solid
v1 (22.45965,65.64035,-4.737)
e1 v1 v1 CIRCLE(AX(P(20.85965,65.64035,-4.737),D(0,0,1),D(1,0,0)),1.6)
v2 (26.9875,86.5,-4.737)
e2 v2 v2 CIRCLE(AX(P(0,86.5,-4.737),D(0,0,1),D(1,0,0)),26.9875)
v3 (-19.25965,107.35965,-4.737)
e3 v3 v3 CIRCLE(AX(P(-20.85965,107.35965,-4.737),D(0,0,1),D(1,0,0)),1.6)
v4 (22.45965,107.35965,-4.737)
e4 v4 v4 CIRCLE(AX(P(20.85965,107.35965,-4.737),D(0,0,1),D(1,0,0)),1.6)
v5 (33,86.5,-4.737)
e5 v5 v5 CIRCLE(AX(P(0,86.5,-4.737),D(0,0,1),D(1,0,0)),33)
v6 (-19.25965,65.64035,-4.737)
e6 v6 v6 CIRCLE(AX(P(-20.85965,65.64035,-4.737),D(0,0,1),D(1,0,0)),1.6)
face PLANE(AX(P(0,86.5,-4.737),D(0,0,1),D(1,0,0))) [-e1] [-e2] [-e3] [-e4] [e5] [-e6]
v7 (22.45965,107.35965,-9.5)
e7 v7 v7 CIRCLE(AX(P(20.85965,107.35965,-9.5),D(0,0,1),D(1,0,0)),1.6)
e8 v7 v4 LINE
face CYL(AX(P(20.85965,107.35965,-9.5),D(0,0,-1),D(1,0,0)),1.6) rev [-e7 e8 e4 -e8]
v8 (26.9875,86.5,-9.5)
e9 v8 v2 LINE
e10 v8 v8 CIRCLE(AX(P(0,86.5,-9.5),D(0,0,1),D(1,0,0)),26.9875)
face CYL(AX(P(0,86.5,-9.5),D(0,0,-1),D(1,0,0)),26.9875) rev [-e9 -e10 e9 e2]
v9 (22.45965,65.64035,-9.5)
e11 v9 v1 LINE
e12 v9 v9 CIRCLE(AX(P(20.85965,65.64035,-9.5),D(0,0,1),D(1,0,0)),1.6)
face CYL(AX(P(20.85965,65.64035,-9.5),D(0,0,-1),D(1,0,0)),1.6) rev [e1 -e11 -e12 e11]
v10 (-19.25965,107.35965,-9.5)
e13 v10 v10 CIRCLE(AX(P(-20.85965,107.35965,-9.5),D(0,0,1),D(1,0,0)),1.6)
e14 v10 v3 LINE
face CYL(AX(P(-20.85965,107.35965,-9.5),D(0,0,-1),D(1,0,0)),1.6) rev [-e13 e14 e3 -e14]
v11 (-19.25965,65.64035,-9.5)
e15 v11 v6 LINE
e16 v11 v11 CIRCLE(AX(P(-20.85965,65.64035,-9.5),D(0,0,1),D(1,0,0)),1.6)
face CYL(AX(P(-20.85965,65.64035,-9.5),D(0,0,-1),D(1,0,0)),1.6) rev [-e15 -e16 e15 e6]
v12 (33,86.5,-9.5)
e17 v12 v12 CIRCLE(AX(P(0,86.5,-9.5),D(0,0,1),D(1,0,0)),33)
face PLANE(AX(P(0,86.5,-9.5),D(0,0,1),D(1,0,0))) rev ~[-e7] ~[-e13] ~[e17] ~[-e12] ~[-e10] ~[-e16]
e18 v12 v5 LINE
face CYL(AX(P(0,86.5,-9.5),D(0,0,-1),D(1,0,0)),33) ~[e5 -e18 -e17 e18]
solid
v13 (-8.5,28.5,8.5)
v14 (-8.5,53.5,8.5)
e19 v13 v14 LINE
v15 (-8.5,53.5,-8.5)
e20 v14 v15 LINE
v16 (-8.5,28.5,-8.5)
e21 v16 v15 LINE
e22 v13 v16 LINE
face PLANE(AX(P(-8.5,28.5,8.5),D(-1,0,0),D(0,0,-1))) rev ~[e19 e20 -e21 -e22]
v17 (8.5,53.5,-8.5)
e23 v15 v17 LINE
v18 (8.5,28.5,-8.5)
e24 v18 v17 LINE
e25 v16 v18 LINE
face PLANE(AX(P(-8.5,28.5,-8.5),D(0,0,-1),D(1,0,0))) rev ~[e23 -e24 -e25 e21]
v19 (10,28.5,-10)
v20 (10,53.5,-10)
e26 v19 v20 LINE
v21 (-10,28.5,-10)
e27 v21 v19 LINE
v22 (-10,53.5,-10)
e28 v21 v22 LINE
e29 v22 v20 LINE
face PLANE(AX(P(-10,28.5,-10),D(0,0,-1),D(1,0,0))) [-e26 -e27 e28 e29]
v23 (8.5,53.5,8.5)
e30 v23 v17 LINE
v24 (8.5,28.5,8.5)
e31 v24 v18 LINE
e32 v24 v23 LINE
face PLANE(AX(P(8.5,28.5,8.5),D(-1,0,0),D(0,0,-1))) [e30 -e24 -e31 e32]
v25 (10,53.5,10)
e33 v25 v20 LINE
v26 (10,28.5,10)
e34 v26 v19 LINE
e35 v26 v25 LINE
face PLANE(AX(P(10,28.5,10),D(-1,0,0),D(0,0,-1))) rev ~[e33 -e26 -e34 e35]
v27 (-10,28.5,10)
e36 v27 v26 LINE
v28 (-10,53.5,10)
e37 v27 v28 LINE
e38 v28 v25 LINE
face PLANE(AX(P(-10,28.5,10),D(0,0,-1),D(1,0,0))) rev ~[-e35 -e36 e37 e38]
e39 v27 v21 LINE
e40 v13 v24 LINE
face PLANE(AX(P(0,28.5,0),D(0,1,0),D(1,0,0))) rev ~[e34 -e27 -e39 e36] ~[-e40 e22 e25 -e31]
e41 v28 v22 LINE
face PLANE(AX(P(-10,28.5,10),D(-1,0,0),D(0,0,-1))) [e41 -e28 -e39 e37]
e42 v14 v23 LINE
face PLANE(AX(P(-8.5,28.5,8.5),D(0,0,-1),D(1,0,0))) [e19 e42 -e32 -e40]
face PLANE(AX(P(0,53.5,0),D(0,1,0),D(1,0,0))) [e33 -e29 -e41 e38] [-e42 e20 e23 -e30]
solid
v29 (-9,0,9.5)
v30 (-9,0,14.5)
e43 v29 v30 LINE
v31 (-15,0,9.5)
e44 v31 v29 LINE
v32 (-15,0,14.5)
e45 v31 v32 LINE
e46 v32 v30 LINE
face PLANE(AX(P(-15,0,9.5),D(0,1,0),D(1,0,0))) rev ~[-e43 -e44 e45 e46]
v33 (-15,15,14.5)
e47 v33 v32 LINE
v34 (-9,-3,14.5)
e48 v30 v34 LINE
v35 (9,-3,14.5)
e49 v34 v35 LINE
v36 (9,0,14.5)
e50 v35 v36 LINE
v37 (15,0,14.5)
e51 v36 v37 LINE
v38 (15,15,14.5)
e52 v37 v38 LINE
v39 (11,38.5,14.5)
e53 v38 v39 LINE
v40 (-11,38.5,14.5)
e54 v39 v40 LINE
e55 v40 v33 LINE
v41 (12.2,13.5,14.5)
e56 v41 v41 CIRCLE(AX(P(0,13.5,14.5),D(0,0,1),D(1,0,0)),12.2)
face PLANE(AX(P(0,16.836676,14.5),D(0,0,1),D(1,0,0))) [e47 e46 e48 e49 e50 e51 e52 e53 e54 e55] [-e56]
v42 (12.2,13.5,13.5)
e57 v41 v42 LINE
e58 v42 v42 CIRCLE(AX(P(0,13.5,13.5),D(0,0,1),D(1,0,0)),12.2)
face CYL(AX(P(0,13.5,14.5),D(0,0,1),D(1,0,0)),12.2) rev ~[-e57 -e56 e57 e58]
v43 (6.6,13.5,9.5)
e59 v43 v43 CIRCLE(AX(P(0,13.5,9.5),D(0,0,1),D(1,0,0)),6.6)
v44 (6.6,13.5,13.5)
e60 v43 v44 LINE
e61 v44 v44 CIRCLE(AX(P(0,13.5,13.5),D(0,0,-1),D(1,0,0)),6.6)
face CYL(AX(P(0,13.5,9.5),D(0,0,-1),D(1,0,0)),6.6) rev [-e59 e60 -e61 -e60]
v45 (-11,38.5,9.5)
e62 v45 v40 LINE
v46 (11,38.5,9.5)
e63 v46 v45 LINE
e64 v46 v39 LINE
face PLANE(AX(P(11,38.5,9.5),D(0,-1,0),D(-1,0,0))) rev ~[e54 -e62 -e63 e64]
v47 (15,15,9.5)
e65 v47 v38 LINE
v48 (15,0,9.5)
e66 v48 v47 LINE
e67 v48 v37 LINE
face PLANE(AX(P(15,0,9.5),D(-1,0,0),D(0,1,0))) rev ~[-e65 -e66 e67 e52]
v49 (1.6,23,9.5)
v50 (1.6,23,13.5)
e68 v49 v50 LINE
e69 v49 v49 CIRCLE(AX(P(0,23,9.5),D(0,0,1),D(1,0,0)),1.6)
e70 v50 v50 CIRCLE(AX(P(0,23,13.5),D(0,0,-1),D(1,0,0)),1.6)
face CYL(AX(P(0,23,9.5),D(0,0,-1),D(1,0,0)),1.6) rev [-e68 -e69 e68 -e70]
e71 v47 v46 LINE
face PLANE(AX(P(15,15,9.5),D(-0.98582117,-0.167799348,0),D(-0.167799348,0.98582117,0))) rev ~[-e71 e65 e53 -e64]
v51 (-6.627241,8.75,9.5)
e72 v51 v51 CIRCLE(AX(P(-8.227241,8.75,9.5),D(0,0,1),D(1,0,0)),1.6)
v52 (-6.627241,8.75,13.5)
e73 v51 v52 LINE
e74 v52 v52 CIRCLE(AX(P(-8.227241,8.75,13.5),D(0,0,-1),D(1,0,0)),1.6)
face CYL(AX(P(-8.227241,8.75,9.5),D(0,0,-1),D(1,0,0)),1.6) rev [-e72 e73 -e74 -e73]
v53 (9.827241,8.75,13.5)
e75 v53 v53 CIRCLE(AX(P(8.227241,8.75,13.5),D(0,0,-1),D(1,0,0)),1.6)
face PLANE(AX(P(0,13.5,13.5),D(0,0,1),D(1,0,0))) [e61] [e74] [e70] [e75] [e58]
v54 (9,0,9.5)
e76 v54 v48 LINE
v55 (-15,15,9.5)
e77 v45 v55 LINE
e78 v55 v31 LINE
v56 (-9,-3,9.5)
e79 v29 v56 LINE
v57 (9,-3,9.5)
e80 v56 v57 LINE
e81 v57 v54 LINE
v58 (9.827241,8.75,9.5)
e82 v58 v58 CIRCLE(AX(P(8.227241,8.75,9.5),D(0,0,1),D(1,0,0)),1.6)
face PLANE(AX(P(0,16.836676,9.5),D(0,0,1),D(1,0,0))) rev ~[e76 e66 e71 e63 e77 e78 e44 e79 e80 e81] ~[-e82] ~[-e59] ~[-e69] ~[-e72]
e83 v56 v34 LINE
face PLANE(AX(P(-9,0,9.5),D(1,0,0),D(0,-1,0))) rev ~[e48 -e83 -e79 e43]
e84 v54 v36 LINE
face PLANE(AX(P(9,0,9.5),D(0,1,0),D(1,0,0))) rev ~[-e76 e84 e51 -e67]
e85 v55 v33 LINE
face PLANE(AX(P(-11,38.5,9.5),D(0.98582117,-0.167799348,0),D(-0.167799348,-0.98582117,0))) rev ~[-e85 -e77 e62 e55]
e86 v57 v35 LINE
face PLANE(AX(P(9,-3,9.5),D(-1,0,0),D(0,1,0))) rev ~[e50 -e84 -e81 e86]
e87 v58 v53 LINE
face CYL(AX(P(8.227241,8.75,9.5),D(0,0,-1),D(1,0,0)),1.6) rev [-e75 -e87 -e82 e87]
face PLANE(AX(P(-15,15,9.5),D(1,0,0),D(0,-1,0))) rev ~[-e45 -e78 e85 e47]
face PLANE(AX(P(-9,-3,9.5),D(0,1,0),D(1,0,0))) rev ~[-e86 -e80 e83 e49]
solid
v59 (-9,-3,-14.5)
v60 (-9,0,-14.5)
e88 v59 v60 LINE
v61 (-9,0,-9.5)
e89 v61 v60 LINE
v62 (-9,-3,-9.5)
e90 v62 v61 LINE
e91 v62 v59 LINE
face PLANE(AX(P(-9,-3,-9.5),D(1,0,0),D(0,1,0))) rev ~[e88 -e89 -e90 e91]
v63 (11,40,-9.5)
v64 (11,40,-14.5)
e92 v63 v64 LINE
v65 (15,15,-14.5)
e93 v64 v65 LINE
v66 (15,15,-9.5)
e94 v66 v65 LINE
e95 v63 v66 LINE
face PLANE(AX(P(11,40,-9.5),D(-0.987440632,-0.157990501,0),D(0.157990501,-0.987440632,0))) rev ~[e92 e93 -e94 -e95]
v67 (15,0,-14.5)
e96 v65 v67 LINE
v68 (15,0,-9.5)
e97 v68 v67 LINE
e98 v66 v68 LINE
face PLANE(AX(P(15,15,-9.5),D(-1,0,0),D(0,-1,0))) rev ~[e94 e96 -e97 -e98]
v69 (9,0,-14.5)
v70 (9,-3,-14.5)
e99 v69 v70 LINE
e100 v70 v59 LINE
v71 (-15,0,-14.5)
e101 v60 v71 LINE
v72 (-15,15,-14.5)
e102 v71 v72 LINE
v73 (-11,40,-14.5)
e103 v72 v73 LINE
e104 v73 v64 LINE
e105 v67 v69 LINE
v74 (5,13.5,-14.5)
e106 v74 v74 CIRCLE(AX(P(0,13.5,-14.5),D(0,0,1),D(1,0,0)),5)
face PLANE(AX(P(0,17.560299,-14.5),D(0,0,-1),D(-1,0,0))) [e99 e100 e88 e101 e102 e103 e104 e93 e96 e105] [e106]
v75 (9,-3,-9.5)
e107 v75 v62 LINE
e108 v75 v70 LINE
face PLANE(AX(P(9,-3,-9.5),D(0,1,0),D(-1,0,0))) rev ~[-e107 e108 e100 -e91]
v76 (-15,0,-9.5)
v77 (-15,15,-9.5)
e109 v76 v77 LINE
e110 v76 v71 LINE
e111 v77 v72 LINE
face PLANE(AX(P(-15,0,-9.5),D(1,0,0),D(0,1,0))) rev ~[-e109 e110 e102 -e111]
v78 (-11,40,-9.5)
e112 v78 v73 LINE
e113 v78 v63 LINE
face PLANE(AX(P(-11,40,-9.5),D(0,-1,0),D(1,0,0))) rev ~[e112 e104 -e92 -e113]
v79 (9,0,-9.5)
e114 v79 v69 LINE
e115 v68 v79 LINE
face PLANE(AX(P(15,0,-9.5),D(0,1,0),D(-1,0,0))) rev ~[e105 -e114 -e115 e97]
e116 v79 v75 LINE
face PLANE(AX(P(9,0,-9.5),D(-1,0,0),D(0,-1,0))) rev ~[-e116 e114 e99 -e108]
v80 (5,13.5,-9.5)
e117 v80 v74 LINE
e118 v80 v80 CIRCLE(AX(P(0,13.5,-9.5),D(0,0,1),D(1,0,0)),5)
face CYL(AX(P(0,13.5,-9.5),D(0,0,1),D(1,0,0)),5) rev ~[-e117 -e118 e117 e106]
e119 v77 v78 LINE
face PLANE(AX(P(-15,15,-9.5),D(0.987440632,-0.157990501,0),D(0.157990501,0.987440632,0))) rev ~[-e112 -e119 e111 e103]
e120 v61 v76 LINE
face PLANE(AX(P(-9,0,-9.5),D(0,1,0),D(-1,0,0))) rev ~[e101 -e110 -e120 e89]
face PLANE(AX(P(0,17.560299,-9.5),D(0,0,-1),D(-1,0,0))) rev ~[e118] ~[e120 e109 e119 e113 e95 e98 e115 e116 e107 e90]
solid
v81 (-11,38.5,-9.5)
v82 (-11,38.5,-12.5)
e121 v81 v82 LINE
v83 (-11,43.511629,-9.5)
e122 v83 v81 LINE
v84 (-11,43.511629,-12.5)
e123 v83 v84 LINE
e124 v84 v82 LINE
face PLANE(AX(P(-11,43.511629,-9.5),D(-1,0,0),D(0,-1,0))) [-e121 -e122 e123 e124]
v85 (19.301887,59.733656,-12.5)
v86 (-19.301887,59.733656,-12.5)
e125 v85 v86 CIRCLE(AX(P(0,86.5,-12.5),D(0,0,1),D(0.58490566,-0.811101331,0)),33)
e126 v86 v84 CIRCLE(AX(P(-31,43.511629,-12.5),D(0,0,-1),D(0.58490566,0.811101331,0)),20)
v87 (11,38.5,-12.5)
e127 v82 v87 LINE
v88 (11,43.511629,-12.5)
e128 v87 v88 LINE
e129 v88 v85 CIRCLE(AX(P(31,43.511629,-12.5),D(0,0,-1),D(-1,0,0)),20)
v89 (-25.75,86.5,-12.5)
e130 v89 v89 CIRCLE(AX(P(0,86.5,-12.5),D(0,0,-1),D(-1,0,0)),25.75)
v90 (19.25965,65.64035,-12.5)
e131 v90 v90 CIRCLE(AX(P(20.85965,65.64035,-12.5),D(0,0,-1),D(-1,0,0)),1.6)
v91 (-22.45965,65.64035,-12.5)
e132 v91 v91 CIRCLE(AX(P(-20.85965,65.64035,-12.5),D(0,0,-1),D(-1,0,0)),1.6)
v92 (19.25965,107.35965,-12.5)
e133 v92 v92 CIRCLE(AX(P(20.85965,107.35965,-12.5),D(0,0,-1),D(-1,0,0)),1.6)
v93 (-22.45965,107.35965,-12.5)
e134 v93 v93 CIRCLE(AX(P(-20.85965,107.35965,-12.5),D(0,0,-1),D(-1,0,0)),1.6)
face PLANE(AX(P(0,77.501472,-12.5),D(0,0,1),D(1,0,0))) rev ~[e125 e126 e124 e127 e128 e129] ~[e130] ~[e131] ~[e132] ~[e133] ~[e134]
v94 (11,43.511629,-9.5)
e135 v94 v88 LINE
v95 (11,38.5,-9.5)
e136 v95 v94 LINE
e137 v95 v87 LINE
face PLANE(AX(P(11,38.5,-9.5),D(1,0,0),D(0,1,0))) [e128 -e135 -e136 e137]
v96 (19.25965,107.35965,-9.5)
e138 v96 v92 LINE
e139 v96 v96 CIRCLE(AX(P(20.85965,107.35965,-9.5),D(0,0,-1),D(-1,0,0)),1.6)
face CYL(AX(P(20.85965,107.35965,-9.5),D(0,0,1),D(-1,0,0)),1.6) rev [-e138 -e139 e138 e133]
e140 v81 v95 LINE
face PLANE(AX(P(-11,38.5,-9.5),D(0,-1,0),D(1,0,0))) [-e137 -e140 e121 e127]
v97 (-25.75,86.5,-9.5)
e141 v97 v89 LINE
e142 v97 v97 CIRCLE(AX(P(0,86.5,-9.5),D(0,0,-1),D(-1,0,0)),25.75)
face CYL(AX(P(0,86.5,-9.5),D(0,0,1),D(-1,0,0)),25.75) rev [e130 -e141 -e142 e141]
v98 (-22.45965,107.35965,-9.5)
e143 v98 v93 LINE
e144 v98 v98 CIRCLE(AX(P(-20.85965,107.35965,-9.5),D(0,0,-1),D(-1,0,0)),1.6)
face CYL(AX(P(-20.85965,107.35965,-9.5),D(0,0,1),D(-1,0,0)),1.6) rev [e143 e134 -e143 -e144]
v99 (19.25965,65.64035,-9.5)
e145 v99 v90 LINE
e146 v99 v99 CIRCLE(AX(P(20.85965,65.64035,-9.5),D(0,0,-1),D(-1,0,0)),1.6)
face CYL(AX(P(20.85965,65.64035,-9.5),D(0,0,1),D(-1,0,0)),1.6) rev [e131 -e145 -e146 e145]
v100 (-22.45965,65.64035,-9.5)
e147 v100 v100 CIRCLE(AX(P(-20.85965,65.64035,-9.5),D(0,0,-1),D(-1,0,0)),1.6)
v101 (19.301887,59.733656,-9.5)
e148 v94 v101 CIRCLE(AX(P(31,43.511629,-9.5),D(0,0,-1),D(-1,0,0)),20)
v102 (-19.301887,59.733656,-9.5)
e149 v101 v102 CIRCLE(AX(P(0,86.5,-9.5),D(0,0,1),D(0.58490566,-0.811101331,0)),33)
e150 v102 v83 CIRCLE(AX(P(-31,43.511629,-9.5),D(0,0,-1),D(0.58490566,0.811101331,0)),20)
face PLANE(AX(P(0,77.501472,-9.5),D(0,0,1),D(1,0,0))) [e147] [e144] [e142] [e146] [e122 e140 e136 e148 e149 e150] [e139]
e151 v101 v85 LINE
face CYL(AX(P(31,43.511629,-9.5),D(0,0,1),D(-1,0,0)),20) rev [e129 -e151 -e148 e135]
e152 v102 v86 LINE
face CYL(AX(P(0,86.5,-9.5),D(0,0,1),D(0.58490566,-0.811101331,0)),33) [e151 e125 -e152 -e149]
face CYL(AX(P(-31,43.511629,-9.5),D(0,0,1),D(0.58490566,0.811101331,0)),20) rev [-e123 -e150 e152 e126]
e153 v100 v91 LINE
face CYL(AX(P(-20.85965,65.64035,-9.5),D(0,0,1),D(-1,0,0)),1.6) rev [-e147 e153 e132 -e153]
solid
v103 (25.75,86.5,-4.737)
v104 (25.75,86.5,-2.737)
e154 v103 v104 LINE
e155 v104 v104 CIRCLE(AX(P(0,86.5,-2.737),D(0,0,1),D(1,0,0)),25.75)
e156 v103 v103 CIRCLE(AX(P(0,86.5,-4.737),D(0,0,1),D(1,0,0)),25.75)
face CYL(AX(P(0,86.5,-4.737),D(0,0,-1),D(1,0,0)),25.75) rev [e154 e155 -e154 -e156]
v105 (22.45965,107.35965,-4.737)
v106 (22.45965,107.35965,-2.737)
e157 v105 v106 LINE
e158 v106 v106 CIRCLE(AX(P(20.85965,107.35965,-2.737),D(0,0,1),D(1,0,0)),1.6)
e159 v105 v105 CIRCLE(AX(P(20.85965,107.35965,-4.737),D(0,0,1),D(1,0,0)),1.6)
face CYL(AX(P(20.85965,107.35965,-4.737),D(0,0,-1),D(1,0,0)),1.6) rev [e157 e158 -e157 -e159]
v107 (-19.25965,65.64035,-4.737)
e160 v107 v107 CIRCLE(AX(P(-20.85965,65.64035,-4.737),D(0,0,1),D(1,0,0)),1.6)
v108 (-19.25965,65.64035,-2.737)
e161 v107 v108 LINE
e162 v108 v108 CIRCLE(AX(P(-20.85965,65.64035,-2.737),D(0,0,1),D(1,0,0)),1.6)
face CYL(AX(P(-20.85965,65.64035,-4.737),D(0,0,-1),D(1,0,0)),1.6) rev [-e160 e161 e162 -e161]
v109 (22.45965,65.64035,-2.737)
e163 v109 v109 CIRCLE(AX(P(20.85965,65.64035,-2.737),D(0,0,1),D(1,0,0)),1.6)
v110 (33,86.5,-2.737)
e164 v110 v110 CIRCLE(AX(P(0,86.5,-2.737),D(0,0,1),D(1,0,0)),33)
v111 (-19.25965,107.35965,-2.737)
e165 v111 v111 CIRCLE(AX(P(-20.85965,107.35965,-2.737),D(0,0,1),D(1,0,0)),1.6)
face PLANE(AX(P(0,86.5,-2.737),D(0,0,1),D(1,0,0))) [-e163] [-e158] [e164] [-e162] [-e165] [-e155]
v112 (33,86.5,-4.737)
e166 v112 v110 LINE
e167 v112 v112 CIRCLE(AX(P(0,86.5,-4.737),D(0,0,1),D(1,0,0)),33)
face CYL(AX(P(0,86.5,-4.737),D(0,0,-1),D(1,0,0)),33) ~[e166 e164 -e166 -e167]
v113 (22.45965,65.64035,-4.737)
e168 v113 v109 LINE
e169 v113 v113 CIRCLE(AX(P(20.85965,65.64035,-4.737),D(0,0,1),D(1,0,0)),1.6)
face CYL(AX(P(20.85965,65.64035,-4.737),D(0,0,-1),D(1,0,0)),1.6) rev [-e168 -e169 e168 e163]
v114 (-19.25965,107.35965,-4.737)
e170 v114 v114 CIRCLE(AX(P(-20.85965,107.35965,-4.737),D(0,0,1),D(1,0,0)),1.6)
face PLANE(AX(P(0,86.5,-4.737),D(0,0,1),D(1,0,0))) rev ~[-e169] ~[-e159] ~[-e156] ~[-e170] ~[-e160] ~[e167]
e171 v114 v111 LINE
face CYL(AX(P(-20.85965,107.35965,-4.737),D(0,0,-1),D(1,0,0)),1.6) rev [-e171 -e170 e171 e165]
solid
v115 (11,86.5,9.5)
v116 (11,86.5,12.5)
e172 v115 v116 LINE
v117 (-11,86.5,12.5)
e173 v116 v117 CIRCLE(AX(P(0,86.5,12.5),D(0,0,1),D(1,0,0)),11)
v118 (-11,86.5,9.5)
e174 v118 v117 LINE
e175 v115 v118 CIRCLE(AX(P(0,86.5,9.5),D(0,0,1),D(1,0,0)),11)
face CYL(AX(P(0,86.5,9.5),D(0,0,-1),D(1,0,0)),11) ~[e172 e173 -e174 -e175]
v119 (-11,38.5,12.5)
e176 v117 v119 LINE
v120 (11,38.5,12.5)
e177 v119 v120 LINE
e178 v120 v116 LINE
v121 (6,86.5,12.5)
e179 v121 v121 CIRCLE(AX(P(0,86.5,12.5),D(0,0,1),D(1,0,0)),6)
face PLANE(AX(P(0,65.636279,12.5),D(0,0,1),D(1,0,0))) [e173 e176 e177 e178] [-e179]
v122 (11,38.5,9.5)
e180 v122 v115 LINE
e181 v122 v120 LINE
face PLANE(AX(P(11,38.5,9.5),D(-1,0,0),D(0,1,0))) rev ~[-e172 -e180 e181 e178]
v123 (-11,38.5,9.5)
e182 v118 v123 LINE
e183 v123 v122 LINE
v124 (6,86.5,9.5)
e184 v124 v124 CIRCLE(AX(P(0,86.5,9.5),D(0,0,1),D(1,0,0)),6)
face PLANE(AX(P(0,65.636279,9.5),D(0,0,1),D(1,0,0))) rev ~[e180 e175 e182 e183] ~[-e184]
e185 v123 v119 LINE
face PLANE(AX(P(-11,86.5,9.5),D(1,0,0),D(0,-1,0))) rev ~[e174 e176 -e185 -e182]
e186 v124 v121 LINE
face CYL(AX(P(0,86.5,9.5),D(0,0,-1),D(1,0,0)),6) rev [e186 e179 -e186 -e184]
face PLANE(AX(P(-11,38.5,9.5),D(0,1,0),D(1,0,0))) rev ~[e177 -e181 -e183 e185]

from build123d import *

# Parameters (mm, degrees)
SKETCH_4_R           = 6.6
SKETCH_4_R_2         = 1.6
EXTRUDE_1_DEPTH      = 5
SKETCH_7_R           = 5
EXTRUDE_2_DEPTH      = 5
EXTRUDE_3_DEPTH      = 15
EXTRUDE_3_DEPTH_BACK = 10
SKETCH_8_W           = 20
SKETCH_8_H           = 20
SKETCH_8_W_2         = 17
SKETCH_8_H_2         = 17
EXTRUDE_4_DEPTH      = 2.5
EXTRUDE_4_DEPTH_BACK = 0.5
SKETCH_9_R           = 25.75
SKETCH_9_R_2         = 1.6
SKETCH_10_R          = 33
SKETCH_10_R_2        = 26.9875
SKETCH_10_R_3        = 1.6
EXTRUDE_5_DEPTH      = 4.763
SKETCH_11_R          = 33
SKETCH_11_R_2        = 25.75
SKETCH_11_R_3        = 1.6
EXTRUDE_6_DEPTH      = 2
SKETCH_12_R          = 12.2
CUT_EXTRUDE_1_DEPTH  = 1
EXTRUDE_7_DEPTH      = 2.5
EXTRUDE_7_DEPTH_BACK = 0.5
SKETCH_13_R          = 6


with BuildPart() as part:
    # ｽｹｯﾁ4 → ﾎﾞｽ - 押し出し1 (new body)
    with BuildSketch(Plane.XY.offset(9.5)):
        Polygon((-15, 0), (-9, 0), (-9, -3), (9, -3), (9, 0), (15, 0), (15, 15), (11, 38.5), (-11, 38.5), (-15, 15), align=None)
        with Locations((0, 13.5)):
            Circle(SKETCH_4_R, mode=Mode.SUBTRACT)
        with Locations((0, 23)):
            Circle(SKETCH_4_R_2, mode=Mode.SUBTRACT)
        with Locations((8.227241336, 8.75)):
            Circle(SKETCH_4_R_2, mode=Mode.SUBTRACT)
        with Locations((-8.227241336, 8.75)):
            Circle(SKETCH_4_R_2, mode=Mode.SUBTRACT)
    extrude(amount=EXTRUDE_1_DEPTH)

    # ｽｹｯﾁ12 → ｶｯﾄ - 押し出し1 (cut)
    with BuildSketch(Plane.XY.offset(14.5)):
        with Locations((0, 13.5)):
            Circle(SKETCH_12_R)
    extrude(amount=-CUT_EXTRUDE_1_DEPTH, mode=Mode.SUBTRACT)


with BuildPart() as body_2:
    # ｽｹｯﾁ7 → ﾎﾞｽ - 押し出し2 (new body)
    with BuildSketch(Plane.XY.offset(-9.5)):
        Polygon((15, 0), (9, 0), (9, -3), (-9, -3), (-9, 0), (-15, 0), (-15, 15), (-11, 40), (11, 40), (15, 15), align=None)
        with Locations((0, 13.5)):
            Circle(SKETCH_7_R, mode=Mode.SUBTRACT)
    extrude(amount=-EXTRUDE_2_DEPTH)


with BuildPart() as body_3:
    # ｽｹｯﾁ8 → ﾎﾞｽ - 押し出し3 (new, two sides: drawn at the far end of the back side and taken through both)
    with BuildSketch(Plane(origin=(0, 38.5, 0), x_dir=(1, 0, 0), z_dir=(0, 1, 0)).offset(-EXTRUDE_3_DEPTH_BACK)):
        Rectangle(SKETCH_8_W, SKETCH_8_H)
        Rectangle(SKETCH_8_W_2, SKETCH_8_H_2, mode=Mode.SUBTRACT)
    extrude(amount=EXTRUDE_3_DEPTH + EXTRUDE_3_DEPTH_BACK)


with BuildPart() as body_4:
    # ｽｹｯﾁ9 → ﾎﾞｽ - 押し出し4 (new, two sides: drawn at the far end of the back side and taken through both)
    with BuildSketch(Plane(origin=(0, 0, -10), x_dir=(-1, 0, 0), z_dir=(0, 0, -1)).offset(-EXTRUDE_4_DEPTH_BACK)):
        with BuildLine():
            Line((-11, 38.5), (-11, 43.51162948))
            ThreePointArc((-11, 43.51162948), (-13.196036057, 52.623098512), (-19.301886792, 59.733656091))
            ThreePointArc((-19.301886792, 59.733656091), (0, 119.5), (19.301886792, 59.733656091))
            ThreePointArc((19.301886792, 59.733656091), (13.196036057, 52.623098512), (11, 43.51162948))
            Line((11, 43.51162948), (11, 38.5))
            Line((11, 38.5), (-11, 38.5))
        make_face()
        with Locations((0, 86.5)):
            Circle(SKETCH_9_R, mode=Mode.SUBTRACT)
        with Locations((-20.859650045, 107.359650045)):
            Circle(SKETCH_9_R_2, mode=Mode.SUBTRACT)
        with Locations((20.859650045, 107.359650045)):
            Circle(SKETCH_9_R_2, mode=Mode.SUBTRACT)
        with Locations((20.859650045, 65.640349955)):
            Circle(SKETCH_9_R_2, mode=Mode.SUBTRACT)
        with Locations((-20.859650045, 65.640349955)):
            Circle(SKETCH_9_R_2, mode=Mode.SUBTRACT)
    extrude(amount=EXTRUDE_4_DEPTH + EXTRUDE_4_DEPTH_BACK)


with BuildPart() as body_5:
    # ｽｹｯﾁ10 → ﾎﾞｽ - 押し出し5 (new body)
    with BuildSketch(Plane.XY.offset(-9.5)):
        with Locations((0, 86.5)):
            Circle(SKETCH_10_R)
        with Locations((0, 86.5)):
            Circle(SKETCH_10_R_2, mode=Mode.SUBTRACT)
        with Locations((-20.859650045, 65.640349955)):
            Circle(SKETCH_10_R_3, mode=Mode.SUBTRACT)
        with Locations((20.859650045, 65.640349955)):
            Circle(SKETCH_10_R_3, mode=Mode.SUBTRACT)
        with Locations((20.859650045, 107.359650045)):
            Circle(SKETCH_10_R_3, mode=Mode.SUBTRACT)
        with Locations((-20.859650045, 107.359650045)):
            Circle(SKETCH_10_R_3, mode=Mode.SUBTRACT)
    extrude(amount=EXTRUDE_5_DEPTH)


with BuildPart() as body_6:
    # ｽｹｯﾁ11 → ﾎﾞｽ - 押し出し6 (new body)
    with BuildSketch(Plane.XY.offset(-4.737)):
        with Locations((0, 86.5)):
            Circle(SKETCH_11_R)
        with Locations((0, 86.5)):
            Circle(SKETCH_11_R_2, mode=Mode.SUBTRACT)
        with Locations((20.859650045, 65.640349955)):
            Circle(SKETCH_11_R_3, mode=Mode.SUBTRACT)
        with Locations((-20.859650045, 65.640349955)):
            Circle(SKETCH_11_R_3, mode=Mode.SUBTRACT)
        with Locations((-20.859650045, 107.359650045)):
            Circle(SKETCH_11_R_3, mode=Mode.SUBTRACT)
        with Locations((20.859650045, 107.359650045)):
            Circle(SKETCH_11_R_3, mode=Mode.SUBTRACT)
    extrude(amount=EXTRUDE_6_DEPTH)


with BuildPart() as body_7:
    # ｽｹｯﾁ13 → ﾎﾞｽ - 押し出し7 (new, two sides: drawn at the far end of the back side and taken through both)
    with BuildSketch(Plane.XY.offset(10).offset(-EXTRUDE_7_DEPTH_BACK)):
        with BuildLine():
            Line((-11, 38.5), (11, 38.5))
            Line((11, 38.5), (11, 86.5))
            ThreePointArc((11, 86.5), (0, 97.5), (-11, 86.5))
            Line((-11, 86.5), (-11, 38.5))
        make_face()
        with Locations((0, 86.5)):
            Circle(SKETCH_13_R, mode=Mode.SUBTRACT)
    extrude(amount=EXTRUDE_7_DEPTH + EXTRUDE_7_DEPTH_BACK)


solid = Compound([part.part, body_2.part, body_3.part, body_4.part, body_5.part, body_6.part, body_7.part])
